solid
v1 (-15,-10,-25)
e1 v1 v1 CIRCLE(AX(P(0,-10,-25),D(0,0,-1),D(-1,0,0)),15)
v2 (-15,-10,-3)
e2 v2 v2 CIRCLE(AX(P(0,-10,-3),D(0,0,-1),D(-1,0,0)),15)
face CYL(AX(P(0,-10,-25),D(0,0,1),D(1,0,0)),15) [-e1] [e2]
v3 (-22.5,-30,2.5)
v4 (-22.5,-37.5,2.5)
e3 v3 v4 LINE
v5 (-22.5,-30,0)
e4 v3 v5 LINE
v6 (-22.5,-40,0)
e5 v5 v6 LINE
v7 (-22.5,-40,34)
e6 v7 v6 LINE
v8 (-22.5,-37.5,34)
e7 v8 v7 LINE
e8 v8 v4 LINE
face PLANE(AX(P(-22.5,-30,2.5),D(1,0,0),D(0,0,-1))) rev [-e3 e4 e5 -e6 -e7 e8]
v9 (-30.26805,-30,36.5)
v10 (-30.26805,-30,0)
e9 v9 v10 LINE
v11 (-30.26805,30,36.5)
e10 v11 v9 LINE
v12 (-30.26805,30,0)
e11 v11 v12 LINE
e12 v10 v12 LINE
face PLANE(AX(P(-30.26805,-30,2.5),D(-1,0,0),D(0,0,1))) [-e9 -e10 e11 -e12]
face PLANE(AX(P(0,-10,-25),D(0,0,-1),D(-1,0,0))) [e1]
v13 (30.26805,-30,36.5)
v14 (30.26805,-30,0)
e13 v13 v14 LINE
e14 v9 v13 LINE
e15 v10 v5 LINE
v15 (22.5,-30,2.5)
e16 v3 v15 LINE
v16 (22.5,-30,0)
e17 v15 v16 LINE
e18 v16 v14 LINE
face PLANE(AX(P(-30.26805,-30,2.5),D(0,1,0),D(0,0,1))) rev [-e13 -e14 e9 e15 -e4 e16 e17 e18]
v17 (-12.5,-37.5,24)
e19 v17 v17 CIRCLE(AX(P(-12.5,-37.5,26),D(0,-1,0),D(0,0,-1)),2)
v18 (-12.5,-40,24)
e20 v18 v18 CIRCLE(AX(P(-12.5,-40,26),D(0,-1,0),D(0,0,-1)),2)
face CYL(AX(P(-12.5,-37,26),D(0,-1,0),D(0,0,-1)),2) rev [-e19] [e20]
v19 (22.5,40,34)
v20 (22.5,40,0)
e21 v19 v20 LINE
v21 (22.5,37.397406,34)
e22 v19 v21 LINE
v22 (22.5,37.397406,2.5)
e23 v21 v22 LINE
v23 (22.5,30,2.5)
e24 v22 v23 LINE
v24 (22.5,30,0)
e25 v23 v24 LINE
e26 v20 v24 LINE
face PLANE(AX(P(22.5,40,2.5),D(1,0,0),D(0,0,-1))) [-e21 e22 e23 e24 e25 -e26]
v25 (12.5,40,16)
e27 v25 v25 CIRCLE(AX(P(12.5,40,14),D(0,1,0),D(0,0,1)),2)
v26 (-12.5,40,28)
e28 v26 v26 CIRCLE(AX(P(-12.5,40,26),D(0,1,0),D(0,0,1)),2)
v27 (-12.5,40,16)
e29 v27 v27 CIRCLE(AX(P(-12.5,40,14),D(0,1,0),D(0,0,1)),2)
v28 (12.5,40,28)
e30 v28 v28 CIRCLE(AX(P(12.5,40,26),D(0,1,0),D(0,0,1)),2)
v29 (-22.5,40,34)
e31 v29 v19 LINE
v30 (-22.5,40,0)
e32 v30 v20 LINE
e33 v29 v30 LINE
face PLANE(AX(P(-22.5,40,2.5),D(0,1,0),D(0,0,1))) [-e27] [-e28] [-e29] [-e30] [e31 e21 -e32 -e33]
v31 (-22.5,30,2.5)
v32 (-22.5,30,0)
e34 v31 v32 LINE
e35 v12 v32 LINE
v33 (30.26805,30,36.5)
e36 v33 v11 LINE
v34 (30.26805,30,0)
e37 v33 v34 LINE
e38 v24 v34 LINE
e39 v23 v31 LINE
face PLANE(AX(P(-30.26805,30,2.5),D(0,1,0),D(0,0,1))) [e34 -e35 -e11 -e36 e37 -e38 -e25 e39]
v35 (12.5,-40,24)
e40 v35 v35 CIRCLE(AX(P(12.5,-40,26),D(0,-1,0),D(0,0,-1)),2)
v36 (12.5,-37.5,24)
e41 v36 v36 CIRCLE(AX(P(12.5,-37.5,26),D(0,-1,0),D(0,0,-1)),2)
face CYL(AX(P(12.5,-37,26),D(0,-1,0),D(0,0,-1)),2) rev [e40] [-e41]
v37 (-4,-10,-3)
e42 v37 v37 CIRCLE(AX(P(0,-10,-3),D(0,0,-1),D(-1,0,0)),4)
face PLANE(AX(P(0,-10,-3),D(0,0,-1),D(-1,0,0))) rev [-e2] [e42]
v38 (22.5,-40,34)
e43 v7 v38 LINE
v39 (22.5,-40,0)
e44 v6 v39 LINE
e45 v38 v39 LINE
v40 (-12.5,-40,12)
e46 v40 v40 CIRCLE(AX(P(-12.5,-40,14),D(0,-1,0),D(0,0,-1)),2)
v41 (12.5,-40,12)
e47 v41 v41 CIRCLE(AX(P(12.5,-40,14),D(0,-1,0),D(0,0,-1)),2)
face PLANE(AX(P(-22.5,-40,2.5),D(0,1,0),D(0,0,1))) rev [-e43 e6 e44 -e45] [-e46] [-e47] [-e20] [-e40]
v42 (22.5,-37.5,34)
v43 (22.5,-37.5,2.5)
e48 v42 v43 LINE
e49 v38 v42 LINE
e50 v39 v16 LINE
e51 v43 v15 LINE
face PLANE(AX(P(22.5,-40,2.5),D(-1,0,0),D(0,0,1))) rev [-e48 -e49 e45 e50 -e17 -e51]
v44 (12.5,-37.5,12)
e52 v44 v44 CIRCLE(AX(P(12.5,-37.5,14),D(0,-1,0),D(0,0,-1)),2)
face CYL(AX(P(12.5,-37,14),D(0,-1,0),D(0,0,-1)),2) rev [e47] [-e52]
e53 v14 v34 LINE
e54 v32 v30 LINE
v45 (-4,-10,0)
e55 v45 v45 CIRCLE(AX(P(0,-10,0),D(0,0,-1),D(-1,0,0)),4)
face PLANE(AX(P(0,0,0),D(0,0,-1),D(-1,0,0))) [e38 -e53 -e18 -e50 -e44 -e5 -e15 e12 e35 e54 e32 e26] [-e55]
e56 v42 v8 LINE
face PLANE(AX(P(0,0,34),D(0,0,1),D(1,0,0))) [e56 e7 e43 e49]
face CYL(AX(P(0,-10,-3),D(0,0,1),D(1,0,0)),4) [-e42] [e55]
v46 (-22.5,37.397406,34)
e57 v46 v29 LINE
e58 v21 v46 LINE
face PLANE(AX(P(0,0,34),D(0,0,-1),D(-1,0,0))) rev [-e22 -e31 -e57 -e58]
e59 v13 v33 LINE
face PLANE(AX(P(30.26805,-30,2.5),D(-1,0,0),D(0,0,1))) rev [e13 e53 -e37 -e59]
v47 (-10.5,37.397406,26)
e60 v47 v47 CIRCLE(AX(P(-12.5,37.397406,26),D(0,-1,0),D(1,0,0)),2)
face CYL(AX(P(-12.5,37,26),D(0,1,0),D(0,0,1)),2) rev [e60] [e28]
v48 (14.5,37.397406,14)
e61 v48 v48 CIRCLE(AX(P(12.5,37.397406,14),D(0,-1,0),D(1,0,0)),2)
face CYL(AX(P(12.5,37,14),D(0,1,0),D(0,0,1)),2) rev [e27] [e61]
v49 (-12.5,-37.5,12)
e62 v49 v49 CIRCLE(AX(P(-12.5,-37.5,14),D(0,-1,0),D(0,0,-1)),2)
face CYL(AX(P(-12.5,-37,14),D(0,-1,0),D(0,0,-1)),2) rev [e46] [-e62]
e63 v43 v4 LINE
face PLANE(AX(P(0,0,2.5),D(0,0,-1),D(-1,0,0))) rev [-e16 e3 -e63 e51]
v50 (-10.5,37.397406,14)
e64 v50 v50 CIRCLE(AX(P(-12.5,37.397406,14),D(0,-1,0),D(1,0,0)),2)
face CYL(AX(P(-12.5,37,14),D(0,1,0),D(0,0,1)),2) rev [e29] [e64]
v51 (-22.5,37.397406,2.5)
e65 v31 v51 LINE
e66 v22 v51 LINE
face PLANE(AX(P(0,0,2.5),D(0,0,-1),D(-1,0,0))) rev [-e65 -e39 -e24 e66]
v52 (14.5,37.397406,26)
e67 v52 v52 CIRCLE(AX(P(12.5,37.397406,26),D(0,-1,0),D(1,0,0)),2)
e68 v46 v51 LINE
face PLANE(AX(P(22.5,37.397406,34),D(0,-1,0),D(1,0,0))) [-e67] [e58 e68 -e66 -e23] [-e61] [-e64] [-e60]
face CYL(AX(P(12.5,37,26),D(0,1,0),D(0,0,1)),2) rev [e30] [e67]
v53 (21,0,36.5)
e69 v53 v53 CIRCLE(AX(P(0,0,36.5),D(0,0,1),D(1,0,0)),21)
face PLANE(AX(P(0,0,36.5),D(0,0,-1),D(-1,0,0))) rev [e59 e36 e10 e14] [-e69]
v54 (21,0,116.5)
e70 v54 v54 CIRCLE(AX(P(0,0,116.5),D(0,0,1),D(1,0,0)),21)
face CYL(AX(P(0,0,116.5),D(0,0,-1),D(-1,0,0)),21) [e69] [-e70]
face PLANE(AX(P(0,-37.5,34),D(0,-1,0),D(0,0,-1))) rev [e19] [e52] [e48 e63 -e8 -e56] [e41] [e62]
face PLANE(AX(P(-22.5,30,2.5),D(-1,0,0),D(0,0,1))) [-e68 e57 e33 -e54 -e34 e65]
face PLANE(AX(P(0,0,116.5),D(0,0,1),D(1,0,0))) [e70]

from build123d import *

# Parameters (mm, degrees)
BOSS_EXTRUDE1_DEPTH = 2.5
SKETCH3_W           = 45
SKETCH3_H           = 2.5
SKETCH3_H_2         = 2.602594336
BOSS_EXTRUDE2_DEPTH = 31.5
SKETCH4_W           = 60.536099416
SKETCH4_H           = 60
BOSS_EXTRUDE3_DEPTH = 34
SKETCH5_R           = 21
BOSS_EXTRUDE4_DEPTH = 80
SKETCH6_R           = 4
BOSS_EXTRUDE5_DEPTH = 3
SKETCH7_R           = 15
BOSS_EXTRUDE6_DEPTH = 22
SKETCH13_R          = 2
CUT_EXTRUDE1_DEPTH  = 3
CUT_EXTRUDE2_START  = -3
SKETCH14_R          = 2
CUT_EXTRUDE2_DEPTH  = 3


with BuildPart() as part:
    # Sketch2 → Boss-Extrude1 (new body)
    with BuildSketch(Plane.XY):
        Polygon((-30.268049708, -30), (-30.268049708, 30), (-22.5, 30), (-22.5, 40), (22.5, 40), (22.5, 30), (30.268049708, 30), (30.268049708, -30), (22.5, -30), (22.5, -40), (-22.5, -40), (-22.5, -30), align=None)
    extrude(amount=BOSS_EXTRUDE1_DEPTH)

    # Sketch3 → Boss-Extrude2 (add)
    with BuildSketch(Plane.XY.offset(2.5)):
        with Locations((0, -38.75)):
            Rectangle(SKETCH3_W, SKETCH3_H)
        with Locations((0, 38.698702832)):
            Rectangle(SKETCH3_W, SKETCH3_H_2)
    extrude(amount=BOSS_EXTRUDE2_DEPTH)

    # Sketch4 → Boss-Extrude3 (add)
    with BuildSketch(Plane.XY.offset(2.5)):
        Rectangle(SKETCH4_W, SKETCH4_H)
    extrude(amount=BOSS_EXTRUDE3_DEPTH)

    # Sketch5 → Boss-Extrude4 (add)
    with BuildSketch(Plane.XY.offset(36.5)):
        Circle(SKETCH5_R)
    extrude(amount=BOSS_EXTRUDE4_DEPTH)

    # Sketch6 → Boss-Extrude5 (add)
    with BuildSketch(Plane(origin=(0, 0, 0), x_dir=(-1, 0, 0), z_dir=(0, 0, -1))):
        with Locations((0, -10)):
            Circle(SKETCH6_R)
    extrude(amount=BOSS_EXTRUDE5_DEPTH)

    # Sketch7 → Boss-Extrude6 (add)
    with BuildSketch(Plane(origin=(0, 0, -3), x_dir=(-1, 0, 0), z_dir=(0, 0, -1))):
        with Locations((0, -10)):
            Circle(SKETCH7_R)
    extrude(amount=BOSS_EXTRUDE6_DEPTH)

    # Sketch13 → Cut-Extrude1 (cut)
    with BuildSketch(Plane(origin=(0, 40, 0), x_dir=(1, 0, 0), z_dir=(0, 1, 0))):
        with Locations(Location((-12.5, -14, 0), (0, 0, 270))):
            Circle(SKETCH13_R)
        with Locations(Location((12.5, -14, 0), (0, 0, 270))):
            Circle(SKETCH13_R)
        with Locations(Location((-12.5, -26, 0), (0, 0, 270))):
            Circle(SKETCH13_R)
        with Locations(Location((12.5, -26, 0), (0, 0, 270))):
            Circle(SKETCH13_R)
    extrude(amount=-CUT_EXTRUDE1_DEPTH, mode=Mode.SUBTRACT)

    # Sketch14 → Cut-Extrude2 (cut)
    with BuildSketch(Plane.XZ.offset(40).offset(CUT_EXTRUDE2_START)):
        with Locations(Location((12.5, 26, 0), (0, 0, 90))):
            Circle(SKETCH14_R)
        with Locations(Location((12.5, 14, 0), (0, 0, 90))):
            Circle(SKETCH14_R)
        with Locations(Location((-12.5, 14, 0), (0, 0, 90))):
            Circle(SKETCH14_R)
        with Locations(Location((-12.5, 26, 0), (0, 0, 90))):
            Circle(SKETCH14_R)
    extrude(amount=CUT_EXTRUDE2_DEPTH, mode=Mode.SUBTRACT)


solid = part.part
